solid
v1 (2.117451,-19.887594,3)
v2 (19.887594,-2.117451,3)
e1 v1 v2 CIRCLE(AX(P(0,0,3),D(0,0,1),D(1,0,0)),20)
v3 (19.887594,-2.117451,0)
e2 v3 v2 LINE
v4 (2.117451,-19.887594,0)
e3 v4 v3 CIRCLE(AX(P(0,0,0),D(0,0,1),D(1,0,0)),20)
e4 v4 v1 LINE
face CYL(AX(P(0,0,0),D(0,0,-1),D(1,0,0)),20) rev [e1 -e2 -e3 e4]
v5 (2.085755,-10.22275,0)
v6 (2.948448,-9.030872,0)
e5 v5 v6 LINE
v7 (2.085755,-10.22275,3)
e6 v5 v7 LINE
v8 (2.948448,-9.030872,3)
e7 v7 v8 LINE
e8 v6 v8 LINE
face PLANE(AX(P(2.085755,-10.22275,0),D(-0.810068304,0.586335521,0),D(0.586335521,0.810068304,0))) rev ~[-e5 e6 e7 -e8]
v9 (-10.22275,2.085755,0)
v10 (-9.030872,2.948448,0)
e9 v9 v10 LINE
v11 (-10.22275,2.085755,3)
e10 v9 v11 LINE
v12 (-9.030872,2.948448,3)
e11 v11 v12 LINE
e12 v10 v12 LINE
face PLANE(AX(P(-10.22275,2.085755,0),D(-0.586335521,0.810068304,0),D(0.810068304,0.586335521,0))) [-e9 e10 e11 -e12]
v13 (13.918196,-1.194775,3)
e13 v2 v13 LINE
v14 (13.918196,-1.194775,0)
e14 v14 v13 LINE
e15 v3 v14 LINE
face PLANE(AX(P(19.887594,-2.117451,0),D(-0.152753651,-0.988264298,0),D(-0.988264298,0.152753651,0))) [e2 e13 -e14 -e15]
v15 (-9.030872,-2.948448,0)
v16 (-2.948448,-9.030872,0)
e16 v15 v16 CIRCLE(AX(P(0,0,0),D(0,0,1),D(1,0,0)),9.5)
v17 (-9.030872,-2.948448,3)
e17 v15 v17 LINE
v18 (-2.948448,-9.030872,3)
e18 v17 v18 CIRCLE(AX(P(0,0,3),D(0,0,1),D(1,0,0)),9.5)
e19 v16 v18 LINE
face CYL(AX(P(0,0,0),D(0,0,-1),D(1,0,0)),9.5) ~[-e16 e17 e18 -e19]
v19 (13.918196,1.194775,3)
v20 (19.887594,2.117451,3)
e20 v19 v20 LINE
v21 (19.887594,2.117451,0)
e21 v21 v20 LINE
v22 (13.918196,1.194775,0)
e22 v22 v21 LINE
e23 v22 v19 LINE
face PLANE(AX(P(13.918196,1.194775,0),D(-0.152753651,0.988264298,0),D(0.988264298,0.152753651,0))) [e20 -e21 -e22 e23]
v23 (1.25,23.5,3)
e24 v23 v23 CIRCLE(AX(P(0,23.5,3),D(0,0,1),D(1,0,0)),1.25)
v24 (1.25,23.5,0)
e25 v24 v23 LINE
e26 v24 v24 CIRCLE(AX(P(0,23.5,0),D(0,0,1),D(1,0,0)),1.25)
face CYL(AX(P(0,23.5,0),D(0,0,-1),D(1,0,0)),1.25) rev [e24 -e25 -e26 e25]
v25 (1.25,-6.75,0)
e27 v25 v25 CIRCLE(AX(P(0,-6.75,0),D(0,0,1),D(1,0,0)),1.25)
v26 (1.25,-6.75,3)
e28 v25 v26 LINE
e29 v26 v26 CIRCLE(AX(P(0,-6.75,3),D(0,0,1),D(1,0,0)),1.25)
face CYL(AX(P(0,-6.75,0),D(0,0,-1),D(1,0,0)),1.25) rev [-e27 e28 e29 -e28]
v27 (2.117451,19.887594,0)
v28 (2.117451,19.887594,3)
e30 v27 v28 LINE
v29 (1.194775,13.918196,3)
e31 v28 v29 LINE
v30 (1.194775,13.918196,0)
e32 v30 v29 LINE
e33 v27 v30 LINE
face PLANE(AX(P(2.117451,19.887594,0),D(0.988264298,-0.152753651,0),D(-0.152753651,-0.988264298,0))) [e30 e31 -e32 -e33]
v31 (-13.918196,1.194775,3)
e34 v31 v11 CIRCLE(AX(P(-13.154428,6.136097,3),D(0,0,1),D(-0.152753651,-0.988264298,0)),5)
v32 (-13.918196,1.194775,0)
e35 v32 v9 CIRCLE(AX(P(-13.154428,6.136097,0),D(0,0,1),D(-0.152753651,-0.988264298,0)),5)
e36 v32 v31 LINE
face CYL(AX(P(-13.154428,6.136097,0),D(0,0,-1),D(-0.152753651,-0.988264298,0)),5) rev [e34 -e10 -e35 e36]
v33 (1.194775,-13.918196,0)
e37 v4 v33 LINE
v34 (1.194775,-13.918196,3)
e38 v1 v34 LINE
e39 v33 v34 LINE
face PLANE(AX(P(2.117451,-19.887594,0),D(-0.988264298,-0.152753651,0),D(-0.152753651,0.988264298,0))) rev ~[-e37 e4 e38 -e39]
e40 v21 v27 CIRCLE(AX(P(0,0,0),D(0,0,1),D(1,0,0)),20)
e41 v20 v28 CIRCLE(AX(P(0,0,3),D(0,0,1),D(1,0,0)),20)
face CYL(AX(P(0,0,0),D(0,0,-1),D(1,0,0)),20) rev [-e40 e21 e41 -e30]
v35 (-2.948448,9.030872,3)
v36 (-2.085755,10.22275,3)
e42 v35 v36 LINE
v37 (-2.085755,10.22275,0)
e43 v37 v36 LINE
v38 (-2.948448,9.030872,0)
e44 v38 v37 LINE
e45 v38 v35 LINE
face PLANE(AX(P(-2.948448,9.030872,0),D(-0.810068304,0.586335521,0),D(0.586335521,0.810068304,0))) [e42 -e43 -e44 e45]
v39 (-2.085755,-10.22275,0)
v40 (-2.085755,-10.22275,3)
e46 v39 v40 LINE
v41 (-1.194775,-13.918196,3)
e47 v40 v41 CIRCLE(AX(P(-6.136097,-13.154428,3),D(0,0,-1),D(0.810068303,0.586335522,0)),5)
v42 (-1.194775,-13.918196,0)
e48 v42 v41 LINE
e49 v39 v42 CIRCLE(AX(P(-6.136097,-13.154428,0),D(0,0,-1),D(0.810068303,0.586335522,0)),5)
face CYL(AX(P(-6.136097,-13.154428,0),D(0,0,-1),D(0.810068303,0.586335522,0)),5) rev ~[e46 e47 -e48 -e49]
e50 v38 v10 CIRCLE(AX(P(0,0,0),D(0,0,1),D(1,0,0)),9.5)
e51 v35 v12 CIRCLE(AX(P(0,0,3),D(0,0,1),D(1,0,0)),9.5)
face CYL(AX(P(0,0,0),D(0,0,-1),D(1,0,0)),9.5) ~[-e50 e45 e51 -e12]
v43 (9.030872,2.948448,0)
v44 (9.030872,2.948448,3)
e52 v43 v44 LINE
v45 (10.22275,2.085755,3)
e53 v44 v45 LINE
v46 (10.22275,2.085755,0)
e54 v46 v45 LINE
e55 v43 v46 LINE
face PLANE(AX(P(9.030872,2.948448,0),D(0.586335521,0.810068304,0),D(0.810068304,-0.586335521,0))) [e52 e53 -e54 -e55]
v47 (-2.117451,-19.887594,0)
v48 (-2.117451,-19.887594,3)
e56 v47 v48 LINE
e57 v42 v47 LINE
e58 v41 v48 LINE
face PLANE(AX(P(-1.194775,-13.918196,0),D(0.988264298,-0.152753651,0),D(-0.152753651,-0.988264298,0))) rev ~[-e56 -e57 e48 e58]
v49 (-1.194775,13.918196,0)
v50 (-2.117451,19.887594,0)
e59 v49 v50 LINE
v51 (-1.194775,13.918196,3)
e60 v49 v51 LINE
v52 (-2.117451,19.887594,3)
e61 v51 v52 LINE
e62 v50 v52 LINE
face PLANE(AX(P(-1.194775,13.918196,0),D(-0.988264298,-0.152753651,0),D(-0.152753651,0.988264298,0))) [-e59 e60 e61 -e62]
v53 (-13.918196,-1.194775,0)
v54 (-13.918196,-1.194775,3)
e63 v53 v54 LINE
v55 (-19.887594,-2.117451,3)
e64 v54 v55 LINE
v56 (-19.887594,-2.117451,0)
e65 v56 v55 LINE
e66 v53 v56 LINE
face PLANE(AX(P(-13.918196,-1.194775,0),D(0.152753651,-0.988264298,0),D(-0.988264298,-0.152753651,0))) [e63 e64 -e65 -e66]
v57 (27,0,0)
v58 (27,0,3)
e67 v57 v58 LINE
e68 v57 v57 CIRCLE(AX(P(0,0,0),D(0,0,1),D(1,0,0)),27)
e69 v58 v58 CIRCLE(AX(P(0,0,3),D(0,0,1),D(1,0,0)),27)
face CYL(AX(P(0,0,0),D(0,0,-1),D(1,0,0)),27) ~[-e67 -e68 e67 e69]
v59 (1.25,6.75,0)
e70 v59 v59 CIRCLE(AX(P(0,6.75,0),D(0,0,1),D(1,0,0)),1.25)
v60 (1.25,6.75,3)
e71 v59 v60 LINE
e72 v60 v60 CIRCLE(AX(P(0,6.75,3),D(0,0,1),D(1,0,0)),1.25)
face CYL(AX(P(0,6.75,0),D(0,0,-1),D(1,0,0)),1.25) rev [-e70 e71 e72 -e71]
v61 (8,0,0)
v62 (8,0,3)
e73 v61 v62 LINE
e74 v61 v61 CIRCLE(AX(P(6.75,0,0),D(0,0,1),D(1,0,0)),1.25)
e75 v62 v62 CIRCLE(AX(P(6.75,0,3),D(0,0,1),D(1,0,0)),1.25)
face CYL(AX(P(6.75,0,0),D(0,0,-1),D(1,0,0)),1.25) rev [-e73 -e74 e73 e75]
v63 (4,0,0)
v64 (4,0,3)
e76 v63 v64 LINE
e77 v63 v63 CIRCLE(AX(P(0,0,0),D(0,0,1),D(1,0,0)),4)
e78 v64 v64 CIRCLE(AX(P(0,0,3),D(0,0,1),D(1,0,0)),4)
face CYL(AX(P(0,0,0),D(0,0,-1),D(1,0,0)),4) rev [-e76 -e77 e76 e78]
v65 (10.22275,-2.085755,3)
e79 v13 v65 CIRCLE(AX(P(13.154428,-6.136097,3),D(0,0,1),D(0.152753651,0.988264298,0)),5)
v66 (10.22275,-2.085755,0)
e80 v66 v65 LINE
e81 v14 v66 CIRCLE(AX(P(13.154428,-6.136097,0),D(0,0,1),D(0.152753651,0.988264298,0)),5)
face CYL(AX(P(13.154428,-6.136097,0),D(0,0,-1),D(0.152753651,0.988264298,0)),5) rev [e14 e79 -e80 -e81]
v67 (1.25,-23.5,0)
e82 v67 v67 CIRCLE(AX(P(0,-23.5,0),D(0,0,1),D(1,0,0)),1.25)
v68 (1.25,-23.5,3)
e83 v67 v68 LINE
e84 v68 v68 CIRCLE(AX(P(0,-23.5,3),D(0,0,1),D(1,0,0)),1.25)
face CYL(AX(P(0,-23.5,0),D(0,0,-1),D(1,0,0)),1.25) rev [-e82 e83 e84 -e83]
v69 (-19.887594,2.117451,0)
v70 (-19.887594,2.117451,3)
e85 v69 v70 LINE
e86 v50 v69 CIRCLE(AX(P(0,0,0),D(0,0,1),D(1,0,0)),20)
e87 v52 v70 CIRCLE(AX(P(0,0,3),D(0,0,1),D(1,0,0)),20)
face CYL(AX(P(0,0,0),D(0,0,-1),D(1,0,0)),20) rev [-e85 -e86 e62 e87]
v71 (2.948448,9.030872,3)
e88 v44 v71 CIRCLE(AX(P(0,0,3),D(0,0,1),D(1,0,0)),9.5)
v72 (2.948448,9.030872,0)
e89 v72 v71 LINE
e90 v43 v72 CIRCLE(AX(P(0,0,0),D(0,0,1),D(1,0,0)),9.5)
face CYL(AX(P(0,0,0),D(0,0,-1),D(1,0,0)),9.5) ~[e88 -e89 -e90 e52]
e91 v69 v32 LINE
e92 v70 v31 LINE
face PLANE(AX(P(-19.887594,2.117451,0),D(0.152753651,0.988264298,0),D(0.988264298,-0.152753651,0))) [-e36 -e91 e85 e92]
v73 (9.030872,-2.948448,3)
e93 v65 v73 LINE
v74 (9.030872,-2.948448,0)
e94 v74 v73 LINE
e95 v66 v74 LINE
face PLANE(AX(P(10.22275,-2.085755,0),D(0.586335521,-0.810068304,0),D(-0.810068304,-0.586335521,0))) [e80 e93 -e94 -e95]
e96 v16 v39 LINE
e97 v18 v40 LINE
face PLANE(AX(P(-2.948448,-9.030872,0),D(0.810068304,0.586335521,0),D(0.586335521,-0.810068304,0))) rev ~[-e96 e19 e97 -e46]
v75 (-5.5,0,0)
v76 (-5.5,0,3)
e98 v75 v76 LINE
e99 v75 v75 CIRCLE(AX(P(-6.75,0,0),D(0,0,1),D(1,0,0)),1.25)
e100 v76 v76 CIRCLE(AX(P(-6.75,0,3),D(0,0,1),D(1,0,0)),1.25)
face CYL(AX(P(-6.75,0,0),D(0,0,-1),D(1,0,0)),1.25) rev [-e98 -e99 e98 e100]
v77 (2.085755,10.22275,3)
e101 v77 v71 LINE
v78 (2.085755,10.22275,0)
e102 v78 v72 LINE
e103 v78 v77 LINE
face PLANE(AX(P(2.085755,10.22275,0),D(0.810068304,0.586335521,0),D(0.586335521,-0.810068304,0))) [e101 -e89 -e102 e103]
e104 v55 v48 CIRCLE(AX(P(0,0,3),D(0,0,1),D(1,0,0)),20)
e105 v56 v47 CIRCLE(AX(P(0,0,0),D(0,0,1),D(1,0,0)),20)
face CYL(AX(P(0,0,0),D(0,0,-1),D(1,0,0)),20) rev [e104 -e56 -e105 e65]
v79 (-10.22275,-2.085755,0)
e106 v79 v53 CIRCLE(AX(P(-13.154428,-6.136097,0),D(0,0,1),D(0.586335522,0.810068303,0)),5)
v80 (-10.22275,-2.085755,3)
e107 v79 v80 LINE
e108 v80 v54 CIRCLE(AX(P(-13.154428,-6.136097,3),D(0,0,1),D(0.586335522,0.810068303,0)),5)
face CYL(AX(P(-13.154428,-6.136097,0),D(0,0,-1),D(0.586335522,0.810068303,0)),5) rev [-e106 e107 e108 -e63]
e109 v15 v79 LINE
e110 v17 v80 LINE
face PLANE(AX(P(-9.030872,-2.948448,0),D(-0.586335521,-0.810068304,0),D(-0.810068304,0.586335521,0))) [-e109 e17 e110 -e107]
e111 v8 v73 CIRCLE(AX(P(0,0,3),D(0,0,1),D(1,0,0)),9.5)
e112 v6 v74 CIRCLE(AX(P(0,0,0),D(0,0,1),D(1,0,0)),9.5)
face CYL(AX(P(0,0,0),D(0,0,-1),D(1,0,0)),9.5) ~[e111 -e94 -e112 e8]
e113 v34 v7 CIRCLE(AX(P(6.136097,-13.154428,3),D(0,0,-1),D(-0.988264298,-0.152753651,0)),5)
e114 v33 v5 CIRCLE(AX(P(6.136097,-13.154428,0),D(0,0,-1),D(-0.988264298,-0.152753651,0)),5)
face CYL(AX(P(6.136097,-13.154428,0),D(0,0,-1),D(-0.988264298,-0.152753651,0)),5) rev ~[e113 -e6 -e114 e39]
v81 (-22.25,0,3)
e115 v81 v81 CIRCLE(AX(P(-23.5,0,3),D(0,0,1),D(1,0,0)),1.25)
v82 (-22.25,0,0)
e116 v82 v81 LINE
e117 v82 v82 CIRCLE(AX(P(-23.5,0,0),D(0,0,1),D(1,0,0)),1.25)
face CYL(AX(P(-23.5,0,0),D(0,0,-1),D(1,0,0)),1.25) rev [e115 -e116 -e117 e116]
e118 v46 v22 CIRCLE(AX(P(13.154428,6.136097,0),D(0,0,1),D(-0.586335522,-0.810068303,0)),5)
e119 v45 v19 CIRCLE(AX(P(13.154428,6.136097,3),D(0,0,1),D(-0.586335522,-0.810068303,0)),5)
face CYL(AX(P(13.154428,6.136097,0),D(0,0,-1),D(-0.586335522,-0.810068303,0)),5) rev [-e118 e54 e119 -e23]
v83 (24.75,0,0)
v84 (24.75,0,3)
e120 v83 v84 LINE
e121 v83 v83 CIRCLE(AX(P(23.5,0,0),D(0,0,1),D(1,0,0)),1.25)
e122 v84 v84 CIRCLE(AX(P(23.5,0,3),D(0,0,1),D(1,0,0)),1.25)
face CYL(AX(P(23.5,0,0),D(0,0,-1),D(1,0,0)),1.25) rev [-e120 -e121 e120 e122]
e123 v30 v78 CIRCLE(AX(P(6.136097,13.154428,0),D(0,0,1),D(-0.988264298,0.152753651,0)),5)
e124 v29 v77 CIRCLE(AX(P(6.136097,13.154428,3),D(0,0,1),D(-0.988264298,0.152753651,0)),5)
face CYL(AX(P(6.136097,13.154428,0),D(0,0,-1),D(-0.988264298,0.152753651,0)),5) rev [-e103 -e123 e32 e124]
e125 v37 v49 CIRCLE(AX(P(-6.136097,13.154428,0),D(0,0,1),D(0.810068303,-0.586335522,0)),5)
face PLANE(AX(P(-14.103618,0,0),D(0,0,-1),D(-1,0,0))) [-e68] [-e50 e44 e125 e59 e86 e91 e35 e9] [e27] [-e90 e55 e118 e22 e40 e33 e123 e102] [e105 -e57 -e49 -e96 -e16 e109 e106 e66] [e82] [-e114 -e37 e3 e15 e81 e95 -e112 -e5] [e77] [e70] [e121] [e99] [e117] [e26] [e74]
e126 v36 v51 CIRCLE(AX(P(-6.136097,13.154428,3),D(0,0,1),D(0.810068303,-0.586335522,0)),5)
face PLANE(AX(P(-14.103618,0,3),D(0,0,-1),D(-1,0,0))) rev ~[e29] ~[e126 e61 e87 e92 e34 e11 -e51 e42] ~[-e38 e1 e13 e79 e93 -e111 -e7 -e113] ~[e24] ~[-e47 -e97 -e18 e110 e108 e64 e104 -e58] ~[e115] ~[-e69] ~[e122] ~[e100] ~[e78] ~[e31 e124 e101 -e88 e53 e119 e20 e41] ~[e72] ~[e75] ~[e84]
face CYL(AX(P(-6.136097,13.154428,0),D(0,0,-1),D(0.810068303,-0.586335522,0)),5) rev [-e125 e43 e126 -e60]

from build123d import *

# Parameters (mm, degrees)
SKETCH1_R             = 27
SKETCH1_R_2           = 1.25
SKETCH1_R_3           = 20
BOSS_EXTRUDE1_DEPTH   = 3
SKETCH1_R_4           = 9.5
SKETCH1_R_5           = 4
BOSS_EXTRUDE1_2_DEPTH = 3
BOSS_EXTRUDE2_DEPTH   = 3


with BuildPart() as part:
    # Sketch1 → Boss-Extrude1 (new body)
    with BuildSketch(Plane.XY):
        Circle(SKETCH1_R)
        with Locations((23.5, 0)):
            Circle(SKETCH1_R_2, mode=Mode.SUBTRACT)
        with Locations((0, -23.5)):
            Circle(SKETCH1_R_2, mode=Mode.SUBTRACT)
        with Locations((-23.5, 0)):
            Circle(SKETCH1_R_2, mode=Mode.SUBTRACT)
        with Locations((0, 23.5)):
            Circle(SKETCH1_R_2, mode=Mode.SUBTRACT)
        Circle(SKETCH1_R_3, mode=Mode.SUBTRACT)
    extrude(amount=BOSS_EXTRUDE1_DEPTH)



with BuildPart() as body_2:
    # Sketch1 → Boss-Extrude1 2 (new body)
    with BuildSketch(Plane.XY):
        Circle(SKETCH1_R_4)
        with Locations((6.75, 0)):
            Circle(SKETCH1_R_2, mode=Mode.SUBTRACT)
        with Locations((0, -6.75)):
            Circle(SKETCH1_R_2, mode=Mode.SUBTRACT)
        with Locations((-6.75, 0)):
            Circle(SKETCH1_R_2, mode=Mode.SUBTRACT)
        with Locations((0, 6.75)):
            Circle(SKETCH1_R_2, mode=Mode.SUBTRACT)
        Circle(SKETCH1_R_5, mode=Mode.SUBTRACT)
    extrude(amount=BOSS_EXTRUDE1_2_DEPTH)


with BuildPart() as part_1:
    add(part.part)

    add(body_2.part)  # Boss-Extrude2 merges body 2
    # Sketch2 → Boss-Extrude2 (add)
    with BuildSketch(Plane.XY):
        with BuildLine():
            ThreePointArc((-13.918195932, 1.194775158), (-11.982498043, 1.275378496), (-10.222750069, 2.085755129))
            Line((-10.222750069, 2.085755129), (-9.030872227, 2.948448204))
            Line((-9.030872227, 2.948448204), (-9.030872227, -2.948448204))
            Line((-9.030872227, -2.948448204), (-10.222750069, -2.085755129))
            ThreePointArc((-10.222750069, -2.085755129), (-11.982498043, -1.275378496), (-13.918195932, -1.194775158))
            Line((-13.918195932, -1.194775158), (-19.887594178, -2.117450782))
            Line((-19.887594178, -2.117450782), (-20.214883486, 0))
            Line((-20.214883486, 0), (-19.887594178, 2.117450782))
            Line((-19.887594178, 2.117450782), (-13.918195932, 1.194775158))
        make_face()
        with BuildLine():
            Line((0, 20.214883486), (2.117450782, 19.887594178))
            Line((2.117450782, 19.887594178), (1.194775158, 13.918195932))
            ThreePointArc((1.194775158, 13.918195932), (1.275378496, 11.982498043), (2.085755129, 10.222750069))
            Line((2.085755129, 10.222750069), (2.948448204, 9.030872227))
            Line((2.948448204, 9.030872227), (-2.948448204, 9.030872227))
            Line((-2.948448204, 9.030872227), (-2.085755129, 10.222750069))
            ThreePointArc((-2.085755129, 10.222750069), (-1.275378496, 11.982498043), (-1.194775158, 13.918195932))
            Line((-1.194775158, 13.918195932), (-2.117450782, 19.887594178))
            Line((-2.117450782, 19.887594178), (0, 20.214883486))
        make_face()
        with BuildLine():
            Line((19.887594178, -2.117450782), (13.918195932, -1.194775158))
            ThreePointArc((13.918195932, -1.194775158), (11.982498043, -1.275378496), (10.222750069, -2.085755129))
            Line((10.222750069, -2.085755129), (9.030872227, -2.948448204))
            Line((9.030872227, -2.948448204), (9.030872227, 2.948448204))
            Line((9.030872227, 2.948448204), (10.222750069, 2.085755129))
            ThreePointArc((10.222750069, 2.085755129), (11.982498043, 1.275378496), (13.918195932, 1.194775158))
            Line((13.918195932, 1.194775158), (19.887594178, 2.117450782))
            Line((19.887594178, 2.117450782), (20.214883486, 0))
            Line((20.214883486, 0), (19.887594178, -2.117450782))
        make_face()
        with BuildLine():
            Line((2.117450782, -19.887594178), (1.194775158, -13.918195932))
            ThreePointArc((1.194775158, -13.918195932), (1.275378496, -11.982498043), (2.085755129, -10.222750069))
            Line((2.085755129, -10.222750069), (2.948448204, -9.030872227))
            Line((2.948448204, -9.030872227), (-2.948448204, -9.030872227))
            Line((-2.948448204, -9.030872227), (-2.085755129, -10.222750069))
            ThreePointArc((-2.085755129, -10.222750069), (-1.275378496, -11.982498043), (-1.194775158, -13.918195932))
            Line((-1.194775158, -13.918195932), (-2.117450782, -19.887594178))
            Line((-2.117450782, -19.887594178), (0, -20.214883486))
            Line((0, -20.214883486), (2.117450782, -19.887594178))
        make_face()
    extrude(amount=BOSS_EXTRUDE2_DEPTH)


solid = part_1.part
